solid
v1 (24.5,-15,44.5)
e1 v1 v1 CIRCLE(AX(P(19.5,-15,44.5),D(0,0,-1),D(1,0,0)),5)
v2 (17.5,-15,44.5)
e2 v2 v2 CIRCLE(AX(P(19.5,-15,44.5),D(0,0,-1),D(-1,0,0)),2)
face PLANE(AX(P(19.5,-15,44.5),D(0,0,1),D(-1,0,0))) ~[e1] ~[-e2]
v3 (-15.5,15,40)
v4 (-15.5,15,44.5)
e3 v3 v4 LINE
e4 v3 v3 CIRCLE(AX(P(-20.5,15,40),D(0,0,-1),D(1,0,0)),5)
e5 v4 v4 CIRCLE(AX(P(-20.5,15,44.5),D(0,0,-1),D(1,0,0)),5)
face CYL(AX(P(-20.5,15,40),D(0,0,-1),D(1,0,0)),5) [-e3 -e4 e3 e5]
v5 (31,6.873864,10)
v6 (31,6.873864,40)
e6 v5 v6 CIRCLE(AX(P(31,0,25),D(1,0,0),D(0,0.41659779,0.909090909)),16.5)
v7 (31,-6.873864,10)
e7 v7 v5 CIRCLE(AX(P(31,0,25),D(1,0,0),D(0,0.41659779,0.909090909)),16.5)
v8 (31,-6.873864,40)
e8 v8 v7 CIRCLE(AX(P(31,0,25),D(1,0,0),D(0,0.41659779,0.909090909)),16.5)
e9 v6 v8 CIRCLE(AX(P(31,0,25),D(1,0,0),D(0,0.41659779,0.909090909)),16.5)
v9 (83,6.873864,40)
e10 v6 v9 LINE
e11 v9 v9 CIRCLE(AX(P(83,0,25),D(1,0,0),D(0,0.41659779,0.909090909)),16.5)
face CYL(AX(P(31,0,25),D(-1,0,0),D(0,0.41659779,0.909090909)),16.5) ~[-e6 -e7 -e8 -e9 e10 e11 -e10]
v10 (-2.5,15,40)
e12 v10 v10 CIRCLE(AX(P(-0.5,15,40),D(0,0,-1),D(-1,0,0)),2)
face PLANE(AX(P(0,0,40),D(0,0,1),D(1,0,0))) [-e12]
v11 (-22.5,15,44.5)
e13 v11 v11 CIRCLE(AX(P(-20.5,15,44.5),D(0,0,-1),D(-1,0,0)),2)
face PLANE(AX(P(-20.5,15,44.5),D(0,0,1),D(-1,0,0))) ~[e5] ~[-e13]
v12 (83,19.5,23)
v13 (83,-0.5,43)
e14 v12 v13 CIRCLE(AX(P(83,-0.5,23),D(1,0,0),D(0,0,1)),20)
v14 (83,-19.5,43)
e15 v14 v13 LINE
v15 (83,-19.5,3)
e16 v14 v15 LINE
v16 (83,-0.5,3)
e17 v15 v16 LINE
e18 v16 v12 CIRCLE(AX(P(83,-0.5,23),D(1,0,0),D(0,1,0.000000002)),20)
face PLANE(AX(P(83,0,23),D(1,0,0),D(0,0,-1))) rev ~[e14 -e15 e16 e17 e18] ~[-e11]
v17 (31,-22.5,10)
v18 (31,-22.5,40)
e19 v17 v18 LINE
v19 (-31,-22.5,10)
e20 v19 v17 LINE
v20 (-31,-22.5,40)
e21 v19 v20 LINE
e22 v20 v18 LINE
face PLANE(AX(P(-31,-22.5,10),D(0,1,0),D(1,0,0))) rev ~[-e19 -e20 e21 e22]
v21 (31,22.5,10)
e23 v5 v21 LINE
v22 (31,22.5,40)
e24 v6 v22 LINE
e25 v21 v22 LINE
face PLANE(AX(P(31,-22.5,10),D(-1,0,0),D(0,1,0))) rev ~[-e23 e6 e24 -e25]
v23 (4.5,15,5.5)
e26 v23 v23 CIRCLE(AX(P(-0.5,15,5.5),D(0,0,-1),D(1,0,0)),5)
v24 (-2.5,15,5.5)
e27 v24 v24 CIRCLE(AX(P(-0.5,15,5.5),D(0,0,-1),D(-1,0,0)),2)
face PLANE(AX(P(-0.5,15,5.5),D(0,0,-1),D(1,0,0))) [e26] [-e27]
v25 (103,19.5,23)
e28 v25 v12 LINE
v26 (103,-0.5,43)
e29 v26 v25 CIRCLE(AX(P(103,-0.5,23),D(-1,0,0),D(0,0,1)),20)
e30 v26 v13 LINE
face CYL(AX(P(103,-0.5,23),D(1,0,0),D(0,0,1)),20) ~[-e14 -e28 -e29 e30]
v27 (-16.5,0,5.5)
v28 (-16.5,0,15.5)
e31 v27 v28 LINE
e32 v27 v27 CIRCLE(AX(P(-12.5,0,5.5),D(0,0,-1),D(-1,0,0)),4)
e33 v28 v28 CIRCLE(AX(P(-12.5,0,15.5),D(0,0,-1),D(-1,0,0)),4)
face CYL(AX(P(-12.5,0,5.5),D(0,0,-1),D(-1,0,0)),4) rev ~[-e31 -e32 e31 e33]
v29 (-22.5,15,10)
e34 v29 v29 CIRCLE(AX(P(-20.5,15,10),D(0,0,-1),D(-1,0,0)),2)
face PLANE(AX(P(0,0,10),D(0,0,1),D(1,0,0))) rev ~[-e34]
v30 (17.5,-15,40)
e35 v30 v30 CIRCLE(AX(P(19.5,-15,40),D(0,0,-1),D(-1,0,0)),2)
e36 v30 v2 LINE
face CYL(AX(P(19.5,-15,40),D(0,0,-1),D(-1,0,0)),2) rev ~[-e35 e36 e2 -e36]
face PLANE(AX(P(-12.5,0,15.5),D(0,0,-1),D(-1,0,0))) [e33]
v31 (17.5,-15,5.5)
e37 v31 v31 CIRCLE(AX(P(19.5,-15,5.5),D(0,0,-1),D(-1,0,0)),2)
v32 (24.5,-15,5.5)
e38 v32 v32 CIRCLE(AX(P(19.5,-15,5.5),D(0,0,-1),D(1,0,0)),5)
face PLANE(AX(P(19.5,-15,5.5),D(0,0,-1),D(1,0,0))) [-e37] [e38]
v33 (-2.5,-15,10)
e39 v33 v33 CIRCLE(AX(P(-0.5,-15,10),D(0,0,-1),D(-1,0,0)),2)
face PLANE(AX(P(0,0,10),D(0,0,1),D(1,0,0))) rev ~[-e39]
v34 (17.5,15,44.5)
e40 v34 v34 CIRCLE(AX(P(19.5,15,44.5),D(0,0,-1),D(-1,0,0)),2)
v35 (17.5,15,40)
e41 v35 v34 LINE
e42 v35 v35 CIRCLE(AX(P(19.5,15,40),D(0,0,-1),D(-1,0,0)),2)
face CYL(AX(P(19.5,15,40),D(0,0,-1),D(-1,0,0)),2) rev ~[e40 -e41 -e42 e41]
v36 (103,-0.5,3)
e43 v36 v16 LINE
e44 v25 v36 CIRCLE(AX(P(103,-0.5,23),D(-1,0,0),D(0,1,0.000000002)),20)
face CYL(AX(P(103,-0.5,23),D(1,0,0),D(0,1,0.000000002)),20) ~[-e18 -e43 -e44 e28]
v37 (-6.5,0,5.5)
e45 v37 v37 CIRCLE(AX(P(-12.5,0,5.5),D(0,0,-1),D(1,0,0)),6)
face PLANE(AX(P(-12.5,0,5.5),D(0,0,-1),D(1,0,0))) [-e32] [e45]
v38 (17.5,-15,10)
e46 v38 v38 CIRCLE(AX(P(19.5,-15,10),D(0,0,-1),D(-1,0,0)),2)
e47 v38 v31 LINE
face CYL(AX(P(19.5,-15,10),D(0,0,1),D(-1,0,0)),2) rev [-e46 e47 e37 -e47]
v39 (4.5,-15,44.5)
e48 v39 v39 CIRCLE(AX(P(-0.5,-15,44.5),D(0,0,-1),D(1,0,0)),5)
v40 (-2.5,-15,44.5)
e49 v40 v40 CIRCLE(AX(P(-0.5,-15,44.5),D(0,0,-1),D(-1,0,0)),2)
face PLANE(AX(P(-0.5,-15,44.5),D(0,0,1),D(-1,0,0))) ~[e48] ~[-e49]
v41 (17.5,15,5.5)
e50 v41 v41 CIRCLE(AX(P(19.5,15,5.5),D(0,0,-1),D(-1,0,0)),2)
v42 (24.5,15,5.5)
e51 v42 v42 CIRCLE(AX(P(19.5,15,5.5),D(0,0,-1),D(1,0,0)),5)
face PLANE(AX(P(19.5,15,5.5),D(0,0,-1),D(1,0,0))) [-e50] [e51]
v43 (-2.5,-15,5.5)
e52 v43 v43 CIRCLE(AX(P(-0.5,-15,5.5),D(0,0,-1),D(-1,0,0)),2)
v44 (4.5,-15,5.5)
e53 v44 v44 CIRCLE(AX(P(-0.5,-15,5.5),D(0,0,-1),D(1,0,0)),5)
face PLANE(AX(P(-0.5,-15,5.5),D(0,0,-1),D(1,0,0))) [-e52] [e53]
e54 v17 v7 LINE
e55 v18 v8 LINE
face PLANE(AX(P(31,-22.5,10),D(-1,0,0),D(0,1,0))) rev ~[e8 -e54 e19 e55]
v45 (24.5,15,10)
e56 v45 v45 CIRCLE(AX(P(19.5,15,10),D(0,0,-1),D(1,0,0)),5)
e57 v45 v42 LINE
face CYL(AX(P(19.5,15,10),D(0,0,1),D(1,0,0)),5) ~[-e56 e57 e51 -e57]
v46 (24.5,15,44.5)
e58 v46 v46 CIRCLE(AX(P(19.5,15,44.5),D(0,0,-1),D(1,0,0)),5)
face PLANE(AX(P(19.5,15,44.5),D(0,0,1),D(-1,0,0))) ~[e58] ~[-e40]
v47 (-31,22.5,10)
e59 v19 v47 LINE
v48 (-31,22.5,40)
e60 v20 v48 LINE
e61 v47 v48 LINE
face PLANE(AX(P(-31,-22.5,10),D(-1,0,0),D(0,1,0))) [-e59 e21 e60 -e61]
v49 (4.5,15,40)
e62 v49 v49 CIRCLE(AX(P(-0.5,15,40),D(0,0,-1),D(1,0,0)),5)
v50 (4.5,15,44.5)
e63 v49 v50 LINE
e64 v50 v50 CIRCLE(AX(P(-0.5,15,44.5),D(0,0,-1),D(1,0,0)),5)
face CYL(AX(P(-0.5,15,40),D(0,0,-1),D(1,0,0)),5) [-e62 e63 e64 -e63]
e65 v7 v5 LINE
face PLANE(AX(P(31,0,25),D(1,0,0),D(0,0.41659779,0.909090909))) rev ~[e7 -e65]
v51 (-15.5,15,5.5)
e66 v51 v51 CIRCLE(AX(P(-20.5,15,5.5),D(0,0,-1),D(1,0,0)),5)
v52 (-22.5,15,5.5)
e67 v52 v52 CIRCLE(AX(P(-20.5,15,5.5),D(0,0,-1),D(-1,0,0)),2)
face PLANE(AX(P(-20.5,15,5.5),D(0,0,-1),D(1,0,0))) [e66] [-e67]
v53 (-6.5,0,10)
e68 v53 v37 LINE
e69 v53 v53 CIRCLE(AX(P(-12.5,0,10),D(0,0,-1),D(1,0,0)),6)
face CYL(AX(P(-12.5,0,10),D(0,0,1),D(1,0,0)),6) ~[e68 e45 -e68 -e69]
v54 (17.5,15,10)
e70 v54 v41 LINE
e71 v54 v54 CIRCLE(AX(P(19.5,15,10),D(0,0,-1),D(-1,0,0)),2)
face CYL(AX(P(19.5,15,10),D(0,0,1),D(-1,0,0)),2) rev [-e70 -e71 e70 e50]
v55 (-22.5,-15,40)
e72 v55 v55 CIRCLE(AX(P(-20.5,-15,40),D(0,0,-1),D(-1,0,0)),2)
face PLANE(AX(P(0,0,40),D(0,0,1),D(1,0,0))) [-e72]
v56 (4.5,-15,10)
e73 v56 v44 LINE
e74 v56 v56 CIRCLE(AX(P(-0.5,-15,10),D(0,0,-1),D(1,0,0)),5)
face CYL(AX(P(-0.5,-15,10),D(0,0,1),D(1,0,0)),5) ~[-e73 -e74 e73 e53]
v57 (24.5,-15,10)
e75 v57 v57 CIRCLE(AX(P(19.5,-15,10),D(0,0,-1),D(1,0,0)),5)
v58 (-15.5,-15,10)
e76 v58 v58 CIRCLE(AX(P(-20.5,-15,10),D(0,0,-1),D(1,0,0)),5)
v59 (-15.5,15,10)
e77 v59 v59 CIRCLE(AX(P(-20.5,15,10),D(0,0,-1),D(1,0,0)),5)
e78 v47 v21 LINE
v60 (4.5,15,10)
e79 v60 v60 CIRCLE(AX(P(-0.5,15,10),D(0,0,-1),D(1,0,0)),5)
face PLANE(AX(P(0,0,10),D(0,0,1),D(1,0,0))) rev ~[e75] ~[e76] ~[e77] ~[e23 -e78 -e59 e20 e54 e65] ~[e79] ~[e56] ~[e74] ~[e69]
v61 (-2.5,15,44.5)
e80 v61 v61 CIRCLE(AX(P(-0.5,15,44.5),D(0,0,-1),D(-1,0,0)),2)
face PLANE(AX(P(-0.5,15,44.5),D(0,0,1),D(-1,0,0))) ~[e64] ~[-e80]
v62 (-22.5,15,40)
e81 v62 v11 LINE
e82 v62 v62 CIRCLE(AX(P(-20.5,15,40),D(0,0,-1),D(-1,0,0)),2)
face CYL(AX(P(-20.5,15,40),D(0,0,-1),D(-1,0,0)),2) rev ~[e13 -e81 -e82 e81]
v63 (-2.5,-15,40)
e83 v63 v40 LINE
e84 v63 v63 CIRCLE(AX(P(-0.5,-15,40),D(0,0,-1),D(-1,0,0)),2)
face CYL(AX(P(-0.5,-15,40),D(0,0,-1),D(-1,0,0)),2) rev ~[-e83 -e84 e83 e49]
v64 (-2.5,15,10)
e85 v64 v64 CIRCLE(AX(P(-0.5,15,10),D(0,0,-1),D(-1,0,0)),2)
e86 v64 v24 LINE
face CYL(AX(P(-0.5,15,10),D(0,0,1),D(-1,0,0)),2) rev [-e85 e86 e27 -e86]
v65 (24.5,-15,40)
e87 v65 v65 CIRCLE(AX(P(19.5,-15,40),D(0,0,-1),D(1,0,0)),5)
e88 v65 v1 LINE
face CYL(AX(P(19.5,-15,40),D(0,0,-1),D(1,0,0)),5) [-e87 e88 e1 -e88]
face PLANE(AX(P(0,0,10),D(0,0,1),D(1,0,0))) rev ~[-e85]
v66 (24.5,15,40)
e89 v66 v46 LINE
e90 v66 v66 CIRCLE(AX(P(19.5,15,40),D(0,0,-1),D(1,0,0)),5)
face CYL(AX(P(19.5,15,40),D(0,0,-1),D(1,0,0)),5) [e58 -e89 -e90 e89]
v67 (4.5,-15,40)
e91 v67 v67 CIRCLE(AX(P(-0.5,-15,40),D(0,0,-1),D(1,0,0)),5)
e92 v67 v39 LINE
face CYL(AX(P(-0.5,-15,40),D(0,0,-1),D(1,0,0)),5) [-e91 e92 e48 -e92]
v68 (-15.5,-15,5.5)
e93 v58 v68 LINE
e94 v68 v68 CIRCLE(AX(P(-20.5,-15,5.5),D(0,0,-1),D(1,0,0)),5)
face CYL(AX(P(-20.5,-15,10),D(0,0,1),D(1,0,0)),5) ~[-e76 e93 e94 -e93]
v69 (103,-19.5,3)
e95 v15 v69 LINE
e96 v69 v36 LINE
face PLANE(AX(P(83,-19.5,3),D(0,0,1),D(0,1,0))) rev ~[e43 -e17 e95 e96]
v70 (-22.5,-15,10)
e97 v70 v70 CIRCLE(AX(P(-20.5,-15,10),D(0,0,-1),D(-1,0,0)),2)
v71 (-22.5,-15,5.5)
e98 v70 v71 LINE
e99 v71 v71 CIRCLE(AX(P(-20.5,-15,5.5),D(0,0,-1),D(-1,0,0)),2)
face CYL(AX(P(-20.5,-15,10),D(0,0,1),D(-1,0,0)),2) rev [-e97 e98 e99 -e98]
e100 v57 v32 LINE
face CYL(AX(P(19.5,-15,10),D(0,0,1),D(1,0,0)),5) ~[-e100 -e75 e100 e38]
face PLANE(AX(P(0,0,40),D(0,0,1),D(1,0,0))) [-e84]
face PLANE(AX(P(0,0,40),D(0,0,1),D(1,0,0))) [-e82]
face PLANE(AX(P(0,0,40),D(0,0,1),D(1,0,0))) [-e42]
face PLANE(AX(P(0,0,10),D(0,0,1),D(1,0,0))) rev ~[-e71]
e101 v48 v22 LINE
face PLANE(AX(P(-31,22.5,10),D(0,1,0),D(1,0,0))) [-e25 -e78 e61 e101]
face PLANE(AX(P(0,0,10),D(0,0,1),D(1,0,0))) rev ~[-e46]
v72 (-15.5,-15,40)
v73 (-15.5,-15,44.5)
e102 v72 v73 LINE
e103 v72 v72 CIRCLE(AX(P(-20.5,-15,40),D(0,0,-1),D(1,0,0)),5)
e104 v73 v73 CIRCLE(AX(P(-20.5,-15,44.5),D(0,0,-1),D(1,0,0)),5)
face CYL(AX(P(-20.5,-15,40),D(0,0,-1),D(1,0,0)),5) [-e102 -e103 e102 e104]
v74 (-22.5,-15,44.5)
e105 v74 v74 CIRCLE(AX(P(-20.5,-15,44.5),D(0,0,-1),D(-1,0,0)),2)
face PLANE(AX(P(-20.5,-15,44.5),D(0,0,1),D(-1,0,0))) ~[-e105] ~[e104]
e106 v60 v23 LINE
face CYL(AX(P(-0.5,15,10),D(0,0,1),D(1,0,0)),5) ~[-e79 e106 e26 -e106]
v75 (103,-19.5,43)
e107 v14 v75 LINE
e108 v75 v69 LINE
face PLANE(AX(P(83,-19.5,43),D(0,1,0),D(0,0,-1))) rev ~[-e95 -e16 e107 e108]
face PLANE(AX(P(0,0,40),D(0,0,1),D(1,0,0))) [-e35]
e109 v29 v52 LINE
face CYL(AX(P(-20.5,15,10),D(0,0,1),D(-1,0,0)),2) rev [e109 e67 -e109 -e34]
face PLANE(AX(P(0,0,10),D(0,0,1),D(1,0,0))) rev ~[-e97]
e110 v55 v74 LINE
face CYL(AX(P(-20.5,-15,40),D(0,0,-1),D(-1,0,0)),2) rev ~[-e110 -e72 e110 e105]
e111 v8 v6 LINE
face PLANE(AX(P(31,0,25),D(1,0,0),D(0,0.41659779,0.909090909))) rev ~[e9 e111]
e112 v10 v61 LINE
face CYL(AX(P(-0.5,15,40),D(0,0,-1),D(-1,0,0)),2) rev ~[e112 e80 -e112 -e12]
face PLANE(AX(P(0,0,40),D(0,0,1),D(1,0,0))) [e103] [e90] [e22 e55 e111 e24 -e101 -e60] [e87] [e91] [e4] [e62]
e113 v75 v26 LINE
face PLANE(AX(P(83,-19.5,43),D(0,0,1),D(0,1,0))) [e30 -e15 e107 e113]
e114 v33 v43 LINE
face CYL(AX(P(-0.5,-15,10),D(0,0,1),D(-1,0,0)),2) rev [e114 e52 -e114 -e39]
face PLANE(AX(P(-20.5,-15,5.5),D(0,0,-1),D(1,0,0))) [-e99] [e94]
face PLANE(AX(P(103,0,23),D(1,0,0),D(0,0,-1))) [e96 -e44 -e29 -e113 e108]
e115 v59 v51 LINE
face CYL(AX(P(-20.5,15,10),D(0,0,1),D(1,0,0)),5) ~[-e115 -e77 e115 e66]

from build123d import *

# Parameters (mm, degrees)
SKETCH_1_W          = 62
SKETCH_1_H          = 45
EXTRUDE_1_DEPTH     = 30
SKETCH_2_R          = 16.5
EXTRUDE_2_DEPTH     = 52
SKETCH_4_W          = 40
SKETCH_4_H          = 39
EXTRUDE_4_DEPTH     = 20
CUT_EXTRUDE_1_REACH = 144.518
SKETCH_8_R          = 5
SKETCH_8_R_2        = 2
EXTRUDE_6_DEPTH     = 4.5
SKETCH_8_3_R        = 6
EXTRUDE_7_DEPTH     = 4.5
SKETCH_9_R          = 4
CUT_EXTRUDE_2_DEPTH = 10


with BuildPart() as part:
    # 스케치1 → 보스-돌출1 (new body)
    with BuildSketch(Plane.XY.offset(10)):
        Rectangle(SKETCH_1_W, SKETCH_1_H)
    extrude(amount=EXTRUDE_1_DEPTH)

    # 스케치2 → 보스-돌출2 (add)
    with BuildSketch(Plane(origin=(31, 0, 0), x_dir=(0, 0, -1), z_dir=(1, 0, 0))):
        with Locations((-25, 0)):
            Circle(SKETCH_2_R)
    extrude(amount=EXTRUDE_2_DEPTH)

    # 스케치4 → 보스-돌출4 (add)
    with BuildSketch(Plane(origin=(83, 0, 0), x_dir=(0, 0, -1), z_dir=(1, 0, 0))):
        with Locations((-23, 0)):
            Rectangle(SKETCH_4_W, SKETCH_4_H)
    extrude(amount=EXTRUDE_4_DEPTH)

    # 스케치6 → 컷-돌출1 (cut, up to next)
    with BuildSketch(Plane(origin=(103, 0, 0), x_dir=(0, 0, -1), z_dir=(1, 0, 0)), mode=Mode.PRIVATE) as cut_extrude_1_sk1:
        with BuildLine():
            Line((-3, 19.5), (-23.000000031, 19.5))
            ThreePointArc((-23.000000031, 19.5), (-8.857864387, 13.642135635), (-3, -0.5))
            Line((-3, -0.5), (-3, 19.5))
        make_face()
    cut_extrude_1_tool1 = extrude(cut_extrude_1_sk1.sketch, amount=-CUT_EXTRUDE_1_REACH, mode=Mode.PRIVATE) & part.part
    # 스케치6 → 컷-돌출1 (cut, up to next)
    with BuildSketch(Plane(origin=(103, 0, 0), x_dir=(0, 0, -1), z_dir=(1, 0, 0)), mode=Mode.PRIVATE) as cut_extrude_1_sk2:
        with BuildLine():
            Line((-43, 19.5), (-43, -0.5))
            ThreePointArc((-43, -0.5), (-37.142135635, 13.642135613), (-23.000000031, 19.5))
            Line((-23.000000031, 19.5), (-43, 19.5))
        make_face()
    cut_extrude_1_tool2 = extrude(cut_extrude_1_sk2.sketch, amount=-CUT_EXTRUDE_1_REACH, mode=Mode.PRIVATE) & part.part
    add(cut_extrude_1_tool1.solids().sort_by_distance((103, 15.032641, 7.467359))[0], mode=Mode.SUBTRACT)
    add(cut_extrude_1_tool2.solids().sort_by_distance((103, 15.032641, 38.532641))[0], mode=Mode.SUBTRACT)

    # 스케치8 → 보스-돌출6 (add)
    # profile 1 of 6: a face of its own
    with BuildSketch(Plane(origin=(0, 0, 10), x_dir=(-1, 0, 0), z_dir=(0, 0, -1))):
        with Locations((20.5, -15)):
            Circle(SKETCH_8_R)
        with Locations((20.5, -15)):
            Circle(SKETCH_8_R_2, mode=Mode.SUBTRACT)
    # profile 2 of 6: a face of its own
    with BuildSketch(Plane(origin=(0, 0, 10), x_dir=(-1, 0, 0), z_dir=(0, 0, -1))):
        with Locations((20.5, 15)):
            Circle(SKETCH_8_R)
        with Locations((20.5, 15)):
            Circle(SKETCH_8_R_2, mode=Mode.SUBTRACT)
    # profile 3 of 6: a face of its own
    with BuildSketch(Plane(origin=(0, 0, 10), x_dir=(-1, 0, 0), z_dir=(0, 0, -1))):
        with Locations((0.5, 15)):
            Circle(SKETCH_8_R)
        with Locations((0.5, 15)):
            Circle(SKETCH_8_R_2, mode=Mode.SUBTRACT)
    # profile 4 of 6: a face of its own
    with BuildSketch(Plane(origin=(0, 0, 10), x_dir=(-1, 0, 0), z_dir=(0, 0, -1))):
        with Locations((0.5, -15)):
            Circle(SKETCH_8_R)
        with Locations((0.5, -15)):
            Circle(SKETCH_8_R_2, mode=Mode.SUBTRACT)
    # profile 5 of 6: a face of its own
    with BuildSketch(Plane(origin=(0, 0, 10), x_dir=(-1, 0, 0), z_dir=(0, 0, -1))):
        with Locations((-19.5, 15)):
            Circle(SKETCH_8_R)
        with Locations((-19.5, 15)):
            Circle(SKETCH_8_R_2, mode=Mode.SUBTRACT)
    # profile 6 of 6: a face of its own
    with BuildSketch(Plane(origin=(0, 0, 10), x_dir=(-1, 0, 0), z_dir=(0, 0, -1))):
        with Locations((-19.5, -15)):
            Circle(SKETCH_8_R)
        with Locations((-19.5, -15)):
            Circle(SKETCH_8_R_2, mode=Mode.SUBTRACT)
    extrude_6 = extrude(amount=EXTRUDE_6_DEPTH)

    # 대칭 복사1: 보스-돌출6 across plane
    add(extrude_6.mirror(Plane(origin=(0, 0, 25), x_dir=(1, 0, 0), z_dir=(0, 0, -1))))

    # 스케치8<3> → 보스-돌출7 (add)
    with BuildSketch(Plane(origin=(0, 0, 10), x_dir=(-1, 0, 0), z_dir=(0, 0, -1))):
        with Locations((12.5, 0)):
            Circle(SKETCH_8_3_R)
    extrude(amount=EXTRUDE_7_DEPTH)

    # 스케치9 → 컷-돌출2 (cut)
    with BuildSketch(Plane(origin=(0, 0, 5.5), x_dir=(-1, 0, 0), z_dir=(0, 0, -1))):
        with Locations((12.5, 0)):
            Circle(SKETCH_9_R)
    extrude(amount=-CUT_EXTRUDE_2_DEPTH, mode=Mode.SUBTRACT)


solid = part.part
